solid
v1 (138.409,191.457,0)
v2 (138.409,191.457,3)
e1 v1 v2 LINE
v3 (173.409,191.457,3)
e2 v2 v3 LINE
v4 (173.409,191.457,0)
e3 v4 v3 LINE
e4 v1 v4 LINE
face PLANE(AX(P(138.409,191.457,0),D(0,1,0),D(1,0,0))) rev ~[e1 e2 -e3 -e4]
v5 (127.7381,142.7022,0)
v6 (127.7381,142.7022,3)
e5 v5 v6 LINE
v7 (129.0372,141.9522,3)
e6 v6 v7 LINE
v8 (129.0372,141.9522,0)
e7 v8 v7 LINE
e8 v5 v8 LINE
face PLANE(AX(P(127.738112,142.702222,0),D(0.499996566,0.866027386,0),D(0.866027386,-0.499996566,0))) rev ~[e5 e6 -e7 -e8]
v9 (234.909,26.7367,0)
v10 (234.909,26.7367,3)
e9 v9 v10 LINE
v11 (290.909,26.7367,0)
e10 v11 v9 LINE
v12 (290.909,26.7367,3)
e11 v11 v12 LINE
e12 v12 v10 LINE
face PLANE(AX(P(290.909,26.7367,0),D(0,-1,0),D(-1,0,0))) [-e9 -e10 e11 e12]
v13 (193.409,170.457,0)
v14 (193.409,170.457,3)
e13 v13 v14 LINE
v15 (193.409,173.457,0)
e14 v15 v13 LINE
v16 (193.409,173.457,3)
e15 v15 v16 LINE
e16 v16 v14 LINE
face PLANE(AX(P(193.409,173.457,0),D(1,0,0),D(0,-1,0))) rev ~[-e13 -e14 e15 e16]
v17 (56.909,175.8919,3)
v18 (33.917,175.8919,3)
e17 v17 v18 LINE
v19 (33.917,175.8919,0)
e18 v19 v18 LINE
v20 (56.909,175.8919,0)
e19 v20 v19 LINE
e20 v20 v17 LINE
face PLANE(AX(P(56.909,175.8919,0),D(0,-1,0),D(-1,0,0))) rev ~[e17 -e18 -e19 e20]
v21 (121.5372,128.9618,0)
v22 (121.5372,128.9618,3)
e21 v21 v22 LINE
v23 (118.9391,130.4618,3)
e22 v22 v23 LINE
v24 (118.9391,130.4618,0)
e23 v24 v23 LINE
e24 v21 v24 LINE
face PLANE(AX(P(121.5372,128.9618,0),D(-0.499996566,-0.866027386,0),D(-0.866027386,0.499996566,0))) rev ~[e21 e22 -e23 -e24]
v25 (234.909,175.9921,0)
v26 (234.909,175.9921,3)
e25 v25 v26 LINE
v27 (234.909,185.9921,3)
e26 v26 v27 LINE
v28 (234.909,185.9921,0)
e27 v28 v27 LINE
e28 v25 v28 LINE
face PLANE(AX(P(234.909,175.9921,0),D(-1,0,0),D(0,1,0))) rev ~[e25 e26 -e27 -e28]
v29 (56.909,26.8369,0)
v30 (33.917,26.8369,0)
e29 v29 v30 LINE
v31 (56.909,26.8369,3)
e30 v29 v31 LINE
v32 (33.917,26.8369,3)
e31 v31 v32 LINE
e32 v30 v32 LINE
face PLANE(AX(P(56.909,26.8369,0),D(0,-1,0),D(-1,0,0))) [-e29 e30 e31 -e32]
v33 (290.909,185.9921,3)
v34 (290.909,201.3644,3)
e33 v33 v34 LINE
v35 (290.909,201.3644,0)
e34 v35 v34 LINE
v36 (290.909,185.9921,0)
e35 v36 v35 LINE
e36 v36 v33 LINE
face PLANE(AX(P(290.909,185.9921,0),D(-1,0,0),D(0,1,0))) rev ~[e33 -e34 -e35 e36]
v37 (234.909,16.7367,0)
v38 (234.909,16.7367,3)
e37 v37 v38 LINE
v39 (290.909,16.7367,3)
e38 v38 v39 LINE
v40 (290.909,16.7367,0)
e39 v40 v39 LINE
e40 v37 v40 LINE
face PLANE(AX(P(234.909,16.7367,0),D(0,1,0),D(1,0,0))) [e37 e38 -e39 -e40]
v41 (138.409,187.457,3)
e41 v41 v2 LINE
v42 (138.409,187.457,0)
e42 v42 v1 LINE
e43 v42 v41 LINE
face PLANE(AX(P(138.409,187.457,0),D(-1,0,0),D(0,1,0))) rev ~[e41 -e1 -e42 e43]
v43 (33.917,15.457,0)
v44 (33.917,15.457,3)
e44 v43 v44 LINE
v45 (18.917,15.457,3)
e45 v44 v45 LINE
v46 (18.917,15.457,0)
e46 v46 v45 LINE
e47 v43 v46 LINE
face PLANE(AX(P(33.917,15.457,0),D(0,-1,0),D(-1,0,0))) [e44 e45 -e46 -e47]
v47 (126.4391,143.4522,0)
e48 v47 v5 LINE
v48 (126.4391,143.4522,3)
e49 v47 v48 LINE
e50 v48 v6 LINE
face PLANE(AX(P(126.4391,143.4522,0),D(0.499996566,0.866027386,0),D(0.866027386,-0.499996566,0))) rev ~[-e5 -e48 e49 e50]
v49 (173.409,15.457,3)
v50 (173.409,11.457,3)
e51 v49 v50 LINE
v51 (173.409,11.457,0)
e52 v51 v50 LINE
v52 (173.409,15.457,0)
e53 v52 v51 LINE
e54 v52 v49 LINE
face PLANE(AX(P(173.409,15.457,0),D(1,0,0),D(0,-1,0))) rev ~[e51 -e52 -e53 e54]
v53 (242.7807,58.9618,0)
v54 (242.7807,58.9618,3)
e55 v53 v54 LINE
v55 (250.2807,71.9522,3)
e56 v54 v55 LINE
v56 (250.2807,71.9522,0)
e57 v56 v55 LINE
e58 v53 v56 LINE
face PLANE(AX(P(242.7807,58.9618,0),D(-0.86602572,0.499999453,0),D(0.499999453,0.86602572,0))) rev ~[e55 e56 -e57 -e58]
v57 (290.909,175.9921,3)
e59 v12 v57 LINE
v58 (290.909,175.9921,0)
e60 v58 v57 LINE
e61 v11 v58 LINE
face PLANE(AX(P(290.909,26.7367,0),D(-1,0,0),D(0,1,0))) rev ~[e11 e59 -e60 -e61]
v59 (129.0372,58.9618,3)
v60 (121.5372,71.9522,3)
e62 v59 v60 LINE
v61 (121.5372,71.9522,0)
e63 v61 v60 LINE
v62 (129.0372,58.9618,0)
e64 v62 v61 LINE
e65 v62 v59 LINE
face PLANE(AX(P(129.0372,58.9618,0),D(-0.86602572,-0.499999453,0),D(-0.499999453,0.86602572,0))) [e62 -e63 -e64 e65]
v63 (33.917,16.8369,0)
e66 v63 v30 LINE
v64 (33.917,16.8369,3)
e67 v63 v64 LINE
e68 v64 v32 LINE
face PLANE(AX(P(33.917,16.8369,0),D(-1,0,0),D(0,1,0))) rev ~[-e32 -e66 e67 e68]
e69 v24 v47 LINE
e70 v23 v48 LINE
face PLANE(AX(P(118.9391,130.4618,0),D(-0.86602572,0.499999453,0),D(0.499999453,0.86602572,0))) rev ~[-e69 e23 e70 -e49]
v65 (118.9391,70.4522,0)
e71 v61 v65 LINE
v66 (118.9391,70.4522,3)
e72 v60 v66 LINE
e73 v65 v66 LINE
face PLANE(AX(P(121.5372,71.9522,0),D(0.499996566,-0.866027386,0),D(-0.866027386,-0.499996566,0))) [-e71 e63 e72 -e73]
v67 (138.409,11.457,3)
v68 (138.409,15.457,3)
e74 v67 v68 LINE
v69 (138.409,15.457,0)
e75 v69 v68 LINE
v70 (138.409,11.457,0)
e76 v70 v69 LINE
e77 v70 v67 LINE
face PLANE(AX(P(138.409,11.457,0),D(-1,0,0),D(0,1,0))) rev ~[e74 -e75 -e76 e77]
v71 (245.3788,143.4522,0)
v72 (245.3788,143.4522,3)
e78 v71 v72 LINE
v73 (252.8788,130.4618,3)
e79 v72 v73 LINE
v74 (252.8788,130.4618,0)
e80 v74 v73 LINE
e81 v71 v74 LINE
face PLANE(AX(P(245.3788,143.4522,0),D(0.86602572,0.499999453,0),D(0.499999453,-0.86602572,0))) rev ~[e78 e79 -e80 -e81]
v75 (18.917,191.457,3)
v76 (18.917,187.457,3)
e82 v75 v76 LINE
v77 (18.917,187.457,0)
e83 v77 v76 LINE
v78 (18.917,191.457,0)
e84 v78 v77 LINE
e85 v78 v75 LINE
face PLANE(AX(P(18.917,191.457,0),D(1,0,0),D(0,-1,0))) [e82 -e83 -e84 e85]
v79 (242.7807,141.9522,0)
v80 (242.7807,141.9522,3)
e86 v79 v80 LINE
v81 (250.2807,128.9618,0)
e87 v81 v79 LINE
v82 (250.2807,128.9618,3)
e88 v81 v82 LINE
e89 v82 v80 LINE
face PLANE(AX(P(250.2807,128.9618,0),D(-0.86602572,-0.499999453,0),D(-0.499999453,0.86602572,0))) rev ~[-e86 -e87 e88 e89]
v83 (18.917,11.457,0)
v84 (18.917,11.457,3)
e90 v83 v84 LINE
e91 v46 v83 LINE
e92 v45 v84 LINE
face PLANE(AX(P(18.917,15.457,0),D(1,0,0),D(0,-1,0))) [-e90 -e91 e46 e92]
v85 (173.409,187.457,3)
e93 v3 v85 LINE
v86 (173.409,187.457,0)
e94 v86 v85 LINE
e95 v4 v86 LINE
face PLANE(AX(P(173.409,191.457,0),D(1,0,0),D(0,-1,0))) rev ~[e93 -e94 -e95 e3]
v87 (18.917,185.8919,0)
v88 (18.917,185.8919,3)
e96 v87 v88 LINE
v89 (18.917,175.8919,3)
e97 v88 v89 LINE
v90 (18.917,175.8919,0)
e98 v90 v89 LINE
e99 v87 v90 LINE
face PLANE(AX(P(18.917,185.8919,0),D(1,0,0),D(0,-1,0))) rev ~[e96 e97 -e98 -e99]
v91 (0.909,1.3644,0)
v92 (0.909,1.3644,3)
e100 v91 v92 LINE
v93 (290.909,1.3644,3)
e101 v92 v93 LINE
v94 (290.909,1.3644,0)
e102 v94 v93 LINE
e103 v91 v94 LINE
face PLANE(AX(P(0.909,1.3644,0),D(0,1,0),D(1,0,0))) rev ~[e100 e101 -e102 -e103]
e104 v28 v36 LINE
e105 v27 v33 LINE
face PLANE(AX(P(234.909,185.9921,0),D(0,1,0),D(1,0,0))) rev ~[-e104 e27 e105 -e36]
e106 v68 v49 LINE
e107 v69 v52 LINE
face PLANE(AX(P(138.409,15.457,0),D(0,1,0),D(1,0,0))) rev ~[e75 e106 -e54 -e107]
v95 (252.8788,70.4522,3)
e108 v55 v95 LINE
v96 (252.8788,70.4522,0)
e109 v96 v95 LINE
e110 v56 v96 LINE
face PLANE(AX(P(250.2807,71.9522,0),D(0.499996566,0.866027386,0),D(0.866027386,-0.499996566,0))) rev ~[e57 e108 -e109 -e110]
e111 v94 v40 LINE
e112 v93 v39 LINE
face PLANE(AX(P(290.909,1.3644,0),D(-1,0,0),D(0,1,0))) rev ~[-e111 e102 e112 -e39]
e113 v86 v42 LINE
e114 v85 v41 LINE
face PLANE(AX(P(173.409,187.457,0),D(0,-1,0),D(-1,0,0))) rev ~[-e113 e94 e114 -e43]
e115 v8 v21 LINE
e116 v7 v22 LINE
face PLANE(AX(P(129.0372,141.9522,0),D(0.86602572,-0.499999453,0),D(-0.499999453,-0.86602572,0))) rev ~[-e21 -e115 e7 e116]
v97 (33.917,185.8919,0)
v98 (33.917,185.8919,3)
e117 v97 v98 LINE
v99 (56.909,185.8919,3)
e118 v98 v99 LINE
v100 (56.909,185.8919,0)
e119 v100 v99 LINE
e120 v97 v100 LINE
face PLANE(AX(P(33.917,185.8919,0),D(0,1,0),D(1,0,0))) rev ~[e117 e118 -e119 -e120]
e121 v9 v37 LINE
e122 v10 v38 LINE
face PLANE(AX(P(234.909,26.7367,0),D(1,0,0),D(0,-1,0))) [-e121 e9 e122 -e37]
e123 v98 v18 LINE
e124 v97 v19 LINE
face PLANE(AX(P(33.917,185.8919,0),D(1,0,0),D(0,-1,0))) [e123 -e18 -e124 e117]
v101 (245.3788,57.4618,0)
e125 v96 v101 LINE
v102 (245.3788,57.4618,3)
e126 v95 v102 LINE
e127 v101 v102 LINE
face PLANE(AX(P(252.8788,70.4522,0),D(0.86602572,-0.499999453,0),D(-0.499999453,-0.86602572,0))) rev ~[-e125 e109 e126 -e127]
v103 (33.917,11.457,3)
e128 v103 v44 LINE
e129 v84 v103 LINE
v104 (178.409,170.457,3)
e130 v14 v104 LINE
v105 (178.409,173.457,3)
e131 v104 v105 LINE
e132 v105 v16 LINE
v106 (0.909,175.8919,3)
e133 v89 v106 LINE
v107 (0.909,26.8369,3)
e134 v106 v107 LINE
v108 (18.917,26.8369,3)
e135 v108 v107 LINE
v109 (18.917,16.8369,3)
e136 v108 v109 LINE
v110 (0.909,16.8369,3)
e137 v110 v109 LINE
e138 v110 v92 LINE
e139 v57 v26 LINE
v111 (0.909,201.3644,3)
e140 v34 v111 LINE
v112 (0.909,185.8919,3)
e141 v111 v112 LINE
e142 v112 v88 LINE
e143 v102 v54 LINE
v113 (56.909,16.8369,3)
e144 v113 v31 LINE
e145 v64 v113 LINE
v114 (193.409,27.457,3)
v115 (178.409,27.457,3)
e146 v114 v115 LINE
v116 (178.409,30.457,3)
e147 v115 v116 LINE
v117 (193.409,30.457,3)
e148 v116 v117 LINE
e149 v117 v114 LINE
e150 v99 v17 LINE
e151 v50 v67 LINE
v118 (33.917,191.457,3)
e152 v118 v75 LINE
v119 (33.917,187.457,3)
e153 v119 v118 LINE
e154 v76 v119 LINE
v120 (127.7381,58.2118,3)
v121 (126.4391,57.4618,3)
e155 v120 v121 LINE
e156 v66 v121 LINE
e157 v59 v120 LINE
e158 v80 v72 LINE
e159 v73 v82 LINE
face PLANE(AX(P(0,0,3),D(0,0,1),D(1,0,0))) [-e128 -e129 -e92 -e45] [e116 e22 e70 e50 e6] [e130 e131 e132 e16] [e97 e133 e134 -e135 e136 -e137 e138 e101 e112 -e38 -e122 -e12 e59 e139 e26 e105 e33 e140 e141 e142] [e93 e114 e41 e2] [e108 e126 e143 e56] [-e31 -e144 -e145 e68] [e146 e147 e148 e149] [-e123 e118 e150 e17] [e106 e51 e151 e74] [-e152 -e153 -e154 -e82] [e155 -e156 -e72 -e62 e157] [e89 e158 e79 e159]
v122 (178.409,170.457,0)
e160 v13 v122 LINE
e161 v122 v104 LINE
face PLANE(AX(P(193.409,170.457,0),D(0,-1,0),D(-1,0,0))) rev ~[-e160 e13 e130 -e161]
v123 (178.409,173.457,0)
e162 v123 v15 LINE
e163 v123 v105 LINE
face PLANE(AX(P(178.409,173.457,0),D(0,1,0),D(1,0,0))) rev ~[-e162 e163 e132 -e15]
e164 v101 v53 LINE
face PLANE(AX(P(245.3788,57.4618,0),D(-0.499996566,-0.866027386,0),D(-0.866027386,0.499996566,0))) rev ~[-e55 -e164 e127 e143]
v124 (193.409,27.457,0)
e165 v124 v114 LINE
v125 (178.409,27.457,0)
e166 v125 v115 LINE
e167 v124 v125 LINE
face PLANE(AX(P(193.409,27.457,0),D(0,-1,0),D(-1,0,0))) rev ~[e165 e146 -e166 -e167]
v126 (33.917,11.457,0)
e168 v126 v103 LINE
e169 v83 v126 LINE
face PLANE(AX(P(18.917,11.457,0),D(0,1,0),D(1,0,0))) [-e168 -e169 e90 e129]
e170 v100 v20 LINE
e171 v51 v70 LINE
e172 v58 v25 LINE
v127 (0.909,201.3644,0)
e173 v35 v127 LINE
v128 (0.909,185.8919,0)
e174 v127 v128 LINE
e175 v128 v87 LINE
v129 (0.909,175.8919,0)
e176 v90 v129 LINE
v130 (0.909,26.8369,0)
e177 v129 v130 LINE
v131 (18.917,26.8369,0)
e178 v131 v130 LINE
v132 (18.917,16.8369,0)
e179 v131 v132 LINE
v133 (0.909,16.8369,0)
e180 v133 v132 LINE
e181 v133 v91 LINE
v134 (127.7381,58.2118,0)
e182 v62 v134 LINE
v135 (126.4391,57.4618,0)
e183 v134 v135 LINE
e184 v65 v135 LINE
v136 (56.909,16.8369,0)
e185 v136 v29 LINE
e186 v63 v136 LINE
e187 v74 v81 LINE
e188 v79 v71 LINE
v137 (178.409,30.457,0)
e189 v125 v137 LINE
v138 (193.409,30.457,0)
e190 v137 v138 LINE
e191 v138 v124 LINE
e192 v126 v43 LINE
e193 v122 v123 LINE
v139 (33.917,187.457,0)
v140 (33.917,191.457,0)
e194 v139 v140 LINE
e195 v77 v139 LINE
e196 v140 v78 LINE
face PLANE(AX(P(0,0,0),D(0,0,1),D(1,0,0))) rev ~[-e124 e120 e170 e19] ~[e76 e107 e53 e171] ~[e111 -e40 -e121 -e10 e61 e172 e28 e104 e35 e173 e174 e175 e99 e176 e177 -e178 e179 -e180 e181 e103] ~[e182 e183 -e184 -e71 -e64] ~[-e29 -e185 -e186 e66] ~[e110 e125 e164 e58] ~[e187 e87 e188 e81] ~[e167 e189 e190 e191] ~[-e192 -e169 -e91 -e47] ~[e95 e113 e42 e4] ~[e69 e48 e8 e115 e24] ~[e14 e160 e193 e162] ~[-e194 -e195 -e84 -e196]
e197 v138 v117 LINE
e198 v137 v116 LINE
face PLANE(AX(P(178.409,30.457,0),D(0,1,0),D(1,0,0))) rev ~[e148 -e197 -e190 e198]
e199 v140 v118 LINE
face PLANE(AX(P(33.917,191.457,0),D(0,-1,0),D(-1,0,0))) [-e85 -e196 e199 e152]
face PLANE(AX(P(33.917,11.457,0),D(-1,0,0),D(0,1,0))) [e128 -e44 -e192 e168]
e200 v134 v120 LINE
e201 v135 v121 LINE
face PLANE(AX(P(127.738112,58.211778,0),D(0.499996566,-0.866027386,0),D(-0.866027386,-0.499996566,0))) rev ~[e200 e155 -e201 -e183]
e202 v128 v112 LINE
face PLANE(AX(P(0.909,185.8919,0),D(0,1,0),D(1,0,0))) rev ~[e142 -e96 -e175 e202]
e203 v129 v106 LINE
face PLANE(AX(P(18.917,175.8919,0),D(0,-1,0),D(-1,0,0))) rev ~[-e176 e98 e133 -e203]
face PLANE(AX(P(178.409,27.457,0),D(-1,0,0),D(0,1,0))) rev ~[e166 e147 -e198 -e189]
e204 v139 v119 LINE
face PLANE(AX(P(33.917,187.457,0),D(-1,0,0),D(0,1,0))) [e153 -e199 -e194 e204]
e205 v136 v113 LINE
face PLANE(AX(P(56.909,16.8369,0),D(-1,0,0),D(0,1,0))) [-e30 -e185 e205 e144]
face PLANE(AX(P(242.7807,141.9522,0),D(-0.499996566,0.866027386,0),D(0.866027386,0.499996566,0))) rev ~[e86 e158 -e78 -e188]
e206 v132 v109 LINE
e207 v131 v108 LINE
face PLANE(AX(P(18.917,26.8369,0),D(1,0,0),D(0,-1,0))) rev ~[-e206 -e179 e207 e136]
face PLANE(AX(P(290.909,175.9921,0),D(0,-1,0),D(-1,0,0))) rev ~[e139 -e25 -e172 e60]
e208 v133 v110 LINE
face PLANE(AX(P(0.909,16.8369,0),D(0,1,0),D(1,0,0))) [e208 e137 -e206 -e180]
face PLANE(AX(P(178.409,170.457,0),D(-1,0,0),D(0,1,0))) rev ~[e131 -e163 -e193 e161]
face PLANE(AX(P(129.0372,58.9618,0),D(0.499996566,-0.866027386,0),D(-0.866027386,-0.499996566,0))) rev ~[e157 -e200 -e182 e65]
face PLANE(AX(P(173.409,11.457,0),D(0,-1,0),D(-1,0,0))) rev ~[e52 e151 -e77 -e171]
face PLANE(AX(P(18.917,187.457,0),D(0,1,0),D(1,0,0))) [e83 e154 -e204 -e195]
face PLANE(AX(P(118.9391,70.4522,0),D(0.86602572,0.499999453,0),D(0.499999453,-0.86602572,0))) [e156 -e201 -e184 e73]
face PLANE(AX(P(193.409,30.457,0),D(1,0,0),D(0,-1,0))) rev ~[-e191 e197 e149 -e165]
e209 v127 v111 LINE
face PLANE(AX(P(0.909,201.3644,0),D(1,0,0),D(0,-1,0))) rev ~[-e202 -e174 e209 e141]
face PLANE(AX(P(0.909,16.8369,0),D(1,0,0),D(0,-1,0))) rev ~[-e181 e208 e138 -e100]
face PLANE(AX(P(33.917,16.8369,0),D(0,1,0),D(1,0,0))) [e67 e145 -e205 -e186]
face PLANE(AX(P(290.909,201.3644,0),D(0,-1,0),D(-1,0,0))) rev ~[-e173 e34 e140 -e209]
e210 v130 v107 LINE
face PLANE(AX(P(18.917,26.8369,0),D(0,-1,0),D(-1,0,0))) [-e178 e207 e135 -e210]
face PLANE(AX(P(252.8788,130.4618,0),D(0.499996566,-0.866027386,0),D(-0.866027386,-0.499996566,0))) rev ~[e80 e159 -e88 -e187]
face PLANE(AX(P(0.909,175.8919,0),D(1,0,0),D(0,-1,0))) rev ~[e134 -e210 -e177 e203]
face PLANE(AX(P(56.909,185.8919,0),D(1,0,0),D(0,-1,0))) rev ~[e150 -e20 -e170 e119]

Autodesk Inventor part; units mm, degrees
ref_plane "YZ Plane" through (0, 0, 0) normal (1, 0, 0) x (0, 1, 0)
ref_plane "XZ Plane" through (0, 0, 0) normal (0, 1, 0) x (-1, 0, 0)
ref_plane "XY Plane" through (0, 0, 0) normal (0, 0, 1) x (1, 0, 0)
sketch "Sketch1" plane through (0, 0, 0) normal (0, 0, 1) x (1, 0, 0)
  line L0 (0.909, 16.8369) -> (0.909, 1.3644)
  line L1 (0.909, 1.3644) -> (290.909, 1.3644)
  line L2 (0.909, 175.8919) -> (0.909, 26.8369)
  line L3 (290.909, 185.9921) -> (290.909, 201.3644)
  line L4 (290.909, 201.3644) -> (0.909, 201.3644)
  line L5 (0.909, 201.3644) -> (0.909, 185.8919)
  line L6 (290.909, 26.7367) -> (290.909, 175.9921)
  line L7 (290.909, 1.3644) -> (290.909, 16.7367)
  line L8 (290.909, 26.7367) -> (290.909, 175.9921)
  line L9 (0.909, 16.8369) -> (0.909, 1.3644)
  line L10 (0.909, 1.3644) -> (290.909, 1.3644)
  line L11 (290.909, 1.3644) -> (290.909, 16.7367)
  line L12 (0.909, 175.8919) -> (0.909, 26.8369)
  line L13 (138.409, 187.457) -> (138.409, 191.457)
  line L14 (138.409, 191.457) -> (173.409, 191.457)
  line L15 (173.409, 191.457) -> (173.409, 187.457)
  line L16 (173.409, 187.457) -> (138.409, 187.457)
  line L17 (173.409, 11.457) -> (138.409, 11.457)
  line L18 (138.409, 11.457) -> (138.409, 15.457)
  line L19 (138.409, 15.457) -> (173.409, 15.457)
  line L20 (173.409, 15.457) -> (173.409, 11.457)
  line L21 (290.909, 175.9921) -> (234.909, 175.9921)
  line L22 (234.909, 175.9921) -> (234.909, 185.9921)
  line L23 (234.909, 185.9921) -> (290.909, 185.9921)
  line L24 (56.909, 185.8919) -> (56.909, 175.8919)
  line L25 (178.409, 173.457) -> (193.409, 173.457)
  line L26 (193.409, 173.457) -> (193.409, 170.457)
  line L27 (193.409, 170.457) -> (178.409, 170.457)
  line L28 (178.409, 170.457) -> (178.409, 173.457)
  line L29 (126.4391, 143.4522) -> (129.0372, 141.9522)
  line L30 (252.8788, 70.4522) -> (245.3788, 57.4618)
  line L31 (245.3788, 57.4618) -> (242.7807, 58.9618)
  line L32 (242.7807, 58.9618) -> (250.2807, 71.9522)
  line L33 (250.2807, 71.9522) -> (252.8788, 70.4522)
  line L34 (129.0372, 58.9618) -> (126.4391, 57.4618)
  line L35 (242.7807, 141.9522) -> (245.3788, 143.4522)
  line L36 (245.3788, 143.4522) -> (252.8788, 130.4618)
  line L37 (252.8788, 130.4618) -> (250.2807, 128.9618)
  line L38 (250.2807, 128.9618) -> (242.7807, 141.9522)
  line L39 (193.409, 27.457) -> (178.409, 27.457)
  line L40 (178.409, 27.457) -> (178.409, 30.457)
  line L41 (178.409, 30.457) -> (193.409, 30.457)
  line L42 (193.409, 30.457) -> (193.409, 27.457)
  line L43 (290.909, 26.7367) -> (234.909, 26.7367)
  line L44 (234.909, 26.7367) -> (234.909, 16.7367)
  line L45 (234.909, 16.7367) -> (290.909, 16.7367)
  line L46 (56.909, 16.8369) -> (56.909, 26.8369)
  line L47 (18.917, 187.457) -> (33.917, 187.457)
  line L48 (33.917, 187.457) -> (33.917, 191.457)
  line L49 (33.917, 191.457) -> (18.917, 191.457)
  line L50 (18.917, 191.457) -> (18.917, 187.457)
  line L51 (33.917, 11.457) -> (33.917, 15.457)
  line L52 (33.917, 15.457) -> (18.917, 15.457)
  line L53 (18.917, 15.457) -> (18.917, 11.457)
  line L54 (18.917, 11.457) -> (33.917, 11.457)
  line L55 (18.917, 185.8919) -> (18.917, 175.8919)
  line L56 (33.917, 185.8919) -> (33.917, 175.8919)
  line L57 (0.909, 185.8919) -> (18.917, 185.8919)
  line L58 (33.917, 185.8919) -> (56.909, 185.8919)
  line L59 (56.909, 175.8919) -> (33.917, 175.8919)
  line L60 (18.917, 175.8919) -> (0.909, 175.8919)
  line L61 (18.917, 26.8369) -> (18.917, 16.8369)
  line L62 (33.917, 16.8369) -> (33.917, 26.8369)
  line L63 (56.909, 26.8369) -> (33.917, 26.8369)
  line L64 (18.917, 26.8369) -> (0.909, 26.8369)
  line L65 (0.909, 16.8369) -> (18.917, 16.8369)
  line L66 (33.917, 16.8369) -> (56.909, 16.8369)
  line L67 (127.7381, 142.7022) -> (127.7381, 144.2022)
  line L68 (127.7381, 141.2022) -> (127.7381, 142.7022)
  line L69 (127.7381, 58.2118) -> (127.7381, 59.7118)
  line L70 (127.7381, 56.7118) -> (127.7381, 58.2118)
  line L71 (129.0372, 141.9522) -> (121.5372, 128.9618)
  line L72 (121.5372, 128.9618) -> (118.9391, 130.4618)
  line L73 (118.9391, 130.4618) -> (126.4391, 143.4522)
  line L74 (129.0372, 58.9618) -> (121.5372, 71.9522)
  line L75 (121.5372, 71.9522) -> (118.9391, 70.4522)
  line L76 (118.9391, 70.4522) -> (126.4391, 57.4618)
  dimension "d266" = 1.5
  dimension "d274" = 15
  dimension "d275" = 3
  dimension "d276" = 15
  dimension "d277" = 3
extrude "Extrusion3" add sketch "Sketch1" along normal blind 3
properties part number "base_ver2"
